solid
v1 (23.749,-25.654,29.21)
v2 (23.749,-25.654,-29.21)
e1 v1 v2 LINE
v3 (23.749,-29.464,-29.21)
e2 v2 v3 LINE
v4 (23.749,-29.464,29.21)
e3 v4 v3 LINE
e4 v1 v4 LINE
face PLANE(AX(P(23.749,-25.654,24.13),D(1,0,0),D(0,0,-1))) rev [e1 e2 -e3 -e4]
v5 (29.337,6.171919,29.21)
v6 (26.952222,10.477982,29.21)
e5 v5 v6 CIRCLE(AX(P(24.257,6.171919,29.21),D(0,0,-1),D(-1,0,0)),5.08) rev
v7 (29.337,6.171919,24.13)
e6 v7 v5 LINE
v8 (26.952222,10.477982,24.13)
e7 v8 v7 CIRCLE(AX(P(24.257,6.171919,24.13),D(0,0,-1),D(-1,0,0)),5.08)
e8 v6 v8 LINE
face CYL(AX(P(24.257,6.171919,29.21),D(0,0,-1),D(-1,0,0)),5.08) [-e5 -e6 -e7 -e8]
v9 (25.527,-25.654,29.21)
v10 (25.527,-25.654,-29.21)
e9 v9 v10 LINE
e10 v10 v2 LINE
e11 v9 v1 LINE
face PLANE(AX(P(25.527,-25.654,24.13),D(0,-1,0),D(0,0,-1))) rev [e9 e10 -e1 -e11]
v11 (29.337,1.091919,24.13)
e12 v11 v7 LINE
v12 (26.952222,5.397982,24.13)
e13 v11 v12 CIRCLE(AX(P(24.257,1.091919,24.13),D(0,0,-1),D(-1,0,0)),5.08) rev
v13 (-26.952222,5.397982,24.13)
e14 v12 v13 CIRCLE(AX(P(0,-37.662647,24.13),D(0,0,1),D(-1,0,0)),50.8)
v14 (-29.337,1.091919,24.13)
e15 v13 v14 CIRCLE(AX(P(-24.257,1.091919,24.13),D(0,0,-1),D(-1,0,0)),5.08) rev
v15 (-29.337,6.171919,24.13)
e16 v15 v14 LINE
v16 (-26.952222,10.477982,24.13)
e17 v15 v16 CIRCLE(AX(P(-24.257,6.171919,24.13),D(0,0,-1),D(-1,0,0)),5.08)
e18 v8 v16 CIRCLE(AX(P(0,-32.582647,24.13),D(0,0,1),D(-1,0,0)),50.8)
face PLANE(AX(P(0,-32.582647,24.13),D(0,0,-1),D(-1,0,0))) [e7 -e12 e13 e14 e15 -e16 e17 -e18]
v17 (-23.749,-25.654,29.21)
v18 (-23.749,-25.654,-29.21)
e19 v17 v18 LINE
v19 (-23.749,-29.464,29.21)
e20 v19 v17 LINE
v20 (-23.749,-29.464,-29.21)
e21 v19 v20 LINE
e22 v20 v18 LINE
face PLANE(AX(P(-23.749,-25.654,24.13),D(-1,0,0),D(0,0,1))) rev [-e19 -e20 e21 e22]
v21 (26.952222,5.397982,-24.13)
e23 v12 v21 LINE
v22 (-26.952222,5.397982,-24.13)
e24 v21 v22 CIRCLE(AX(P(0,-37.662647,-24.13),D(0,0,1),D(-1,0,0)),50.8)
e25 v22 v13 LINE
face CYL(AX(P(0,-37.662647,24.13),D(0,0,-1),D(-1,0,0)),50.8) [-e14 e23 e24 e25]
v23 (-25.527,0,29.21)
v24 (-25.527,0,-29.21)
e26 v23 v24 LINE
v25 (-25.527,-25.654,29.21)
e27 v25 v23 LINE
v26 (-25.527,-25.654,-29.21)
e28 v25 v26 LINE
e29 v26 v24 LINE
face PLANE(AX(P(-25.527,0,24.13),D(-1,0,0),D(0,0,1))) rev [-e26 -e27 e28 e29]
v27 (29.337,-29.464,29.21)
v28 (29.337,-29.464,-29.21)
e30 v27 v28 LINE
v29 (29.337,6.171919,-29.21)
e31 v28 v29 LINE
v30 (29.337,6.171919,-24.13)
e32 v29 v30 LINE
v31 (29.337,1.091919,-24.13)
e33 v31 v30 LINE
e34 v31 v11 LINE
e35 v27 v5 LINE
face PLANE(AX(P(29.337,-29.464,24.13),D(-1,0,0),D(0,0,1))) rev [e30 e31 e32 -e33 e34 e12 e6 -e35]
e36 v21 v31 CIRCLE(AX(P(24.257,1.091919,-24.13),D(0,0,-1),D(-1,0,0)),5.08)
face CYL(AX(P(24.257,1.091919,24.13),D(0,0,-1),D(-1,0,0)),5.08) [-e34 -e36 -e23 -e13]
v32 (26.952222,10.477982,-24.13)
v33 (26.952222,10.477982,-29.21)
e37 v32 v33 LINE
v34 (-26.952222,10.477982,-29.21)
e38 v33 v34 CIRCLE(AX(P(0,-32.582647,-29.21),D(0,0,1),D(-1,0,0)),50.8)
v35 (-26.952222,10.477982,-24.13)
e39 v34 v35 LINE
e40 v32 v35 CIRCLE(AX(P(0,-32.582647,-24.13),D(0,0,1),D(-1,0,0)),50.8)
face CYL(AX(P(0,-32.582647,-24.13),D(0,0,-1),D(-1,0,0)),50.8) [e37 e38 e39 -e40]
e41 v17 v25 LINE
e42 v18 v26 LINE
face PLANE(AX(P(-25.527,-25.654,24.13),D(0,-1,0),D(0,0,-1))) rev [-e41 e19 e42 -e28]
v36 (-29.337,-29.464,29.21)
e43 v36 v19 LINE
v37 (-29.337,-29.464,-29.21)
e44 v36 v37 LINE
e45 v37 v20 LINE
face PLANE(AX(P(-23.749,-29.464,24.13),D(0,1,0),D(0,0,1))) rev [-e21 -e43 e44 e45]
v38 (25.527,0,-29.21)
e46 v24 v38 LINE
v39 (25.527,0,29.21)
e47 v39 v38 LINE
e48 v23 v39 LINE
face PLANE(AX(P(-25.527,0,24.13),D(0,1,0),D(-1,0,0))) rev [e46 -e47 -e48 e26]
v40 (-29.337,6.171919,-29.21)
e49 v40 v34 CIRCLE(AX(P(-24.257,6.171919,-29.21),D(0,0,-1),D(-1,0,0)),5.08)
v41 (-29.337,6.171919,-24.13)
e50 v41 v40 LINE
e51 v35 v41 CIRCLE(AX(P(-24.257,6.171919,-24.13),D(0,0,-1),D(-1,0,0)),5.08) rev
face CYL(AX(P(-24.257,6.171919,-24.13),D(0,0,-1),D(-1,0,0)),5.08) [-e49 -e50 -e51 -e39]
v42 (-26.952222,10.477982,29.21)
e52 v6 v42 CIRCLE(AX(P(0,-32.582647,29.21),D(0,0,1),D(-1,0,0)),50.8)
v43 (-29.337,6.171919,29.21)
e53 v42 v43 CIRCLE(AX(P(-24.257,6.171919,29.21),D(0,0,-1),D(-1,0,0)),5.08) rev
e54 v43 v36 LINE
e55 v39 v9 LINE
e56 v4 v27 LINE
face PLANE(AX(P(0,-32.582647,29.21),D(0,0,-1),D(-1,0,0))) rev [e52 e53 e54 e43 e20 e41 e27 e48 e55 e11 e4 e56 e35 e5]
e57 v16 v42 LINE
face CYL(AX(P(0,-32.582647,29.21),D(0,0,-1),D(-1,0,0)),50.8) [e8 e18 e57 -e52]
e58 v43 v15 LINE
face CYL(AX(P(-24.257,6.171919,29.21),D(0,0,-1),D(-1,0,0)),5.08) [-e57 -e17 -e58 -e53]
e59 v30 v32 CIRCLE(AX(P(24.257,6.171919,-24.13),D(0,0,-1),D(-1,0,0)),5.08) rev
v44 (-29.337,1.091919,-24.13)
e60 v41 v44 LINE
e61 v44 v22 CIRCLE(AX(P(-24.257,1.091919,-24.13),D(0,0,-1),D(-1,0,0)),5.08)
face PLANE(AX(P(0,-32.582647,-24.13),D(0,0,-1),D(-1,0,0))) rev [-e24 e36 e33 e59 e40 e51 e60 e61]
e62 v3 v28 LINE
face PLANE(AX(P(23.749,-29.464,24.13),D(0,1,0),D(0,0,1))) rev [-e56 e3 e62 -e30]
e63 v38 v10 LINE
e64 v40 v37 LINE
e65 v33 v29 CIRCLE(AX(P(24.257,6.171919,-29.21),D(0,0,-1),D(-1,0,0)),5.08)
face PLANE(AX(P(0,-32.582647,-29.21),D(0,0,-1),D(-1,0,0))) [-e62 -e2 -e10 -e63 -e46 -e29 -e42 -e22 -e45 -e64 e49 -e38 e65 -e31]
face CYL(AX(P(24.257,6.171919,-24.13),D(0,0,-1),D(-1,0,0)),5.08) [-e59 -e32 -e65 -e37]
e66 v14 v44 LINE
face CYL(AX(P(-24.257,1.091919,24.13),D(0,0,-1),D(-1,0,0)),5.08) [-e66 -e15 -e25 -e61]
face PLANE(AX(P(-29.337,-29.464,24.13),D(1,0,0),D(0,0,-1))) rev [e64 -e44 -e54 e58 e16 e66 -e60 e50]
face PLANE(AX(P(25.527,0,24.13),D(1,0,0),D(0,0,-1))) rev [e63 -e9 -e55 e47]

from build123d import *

# Parameters (mm, degrees)
BOSS_EXTRUDE1_DEPTH = 24.13
BOSS_EXTRUDE2_DEPTH = 5.08
LPATTERN1_COUNT     = 2
LPATTERN1_PITCH     = 53.34
FILLET1_R           = 5.08


with BuildPart() as part:
    # Sketch1 → Boss-Extrude1 (new, symmetric)
    with BuildSketch(Plane.XY):
        with BuildLine():
            Line((-25.527, 0), (25.527, 0))
            Line((25.527, 0), (25.527, -25.654))
            Line((25.527, -25.654), (23.749, -25.654))
            Line((23.749, -25.654), (23.749, -29.464))
            Line((23.749, -29.464), (29.337, -29.464))
            Line((29.337, -29.464), (29.337, 3.81))
            ThreePointArc((29.337, 3.81), (0, 13.137353219), (-29.337, 3.81))
            Line((-29.337, 3.81), (-29.337, -29.464))
            Line((-29.337, -29.464), (-23.749, -29.464))
            Line((-23.749, -29.464), (-23.749, -25.654))
            Line((-23.749, -25.654), (-25.527, -25.654))
            Line((-25.527, -25.654), (-25.527, 0))
        make_face()
    extrude(amount=BOSS_EXTRUDE1_DEPTH, both=True)

    # Sketch2 → Boss-Extrude2 (add)
    with BuildSketch(Plane.XY.offset(24.13)):
        with BuildLine():
            Line((29.337, -29.464), (29.337, 8.89))
            ThreePointArc((29.337, 8.89), (0, 18.217353219), (-29.337, 8.89))
            Line((-29.337, 8.89), (-29.337, -29.464))
            Line((-29.337, -29.464), (-23.749, -29.464))
            Line((-23.749, -29.464), (-23.749, -25.654))
            Line((-23.749, -25.654), (-25.527, -25.654))
            Line((-25.527, -25.654), (-25.527, 0))
            Line((-25.527, 0), (25.527, 0))
            Line((25.527, 0), (25.527, -25.654))
            Line((25.527, -25.654), (23.749, -25.654))
            Line((23.749, -25.654), (23.749, -29.464))
            Line((23.749, -29.464), (29.337, -29.464))
        make_face()
    boss_extrude2 = extrude(amount=BOSS_EXTRUDE2_DEPTH)

    # LPattern1: Boss-Extrude2 ×2
    with Locations(*[(0, 0, -i * LPATTERN1_PITCH) for i in range(1, LPATTERN1_COUNT)]):
        add(boss_extrude2)

    # Fillet1
    fillet1_edges = [part.edges().sort_by_distance(p)[0] for p in [
        (-29.337, 3.81, 0),
        (29.337, 3.81, 0),
        (29.337, 8.89, 26.67),
        (-29.337, 8.89, 26.67),
        (29.337, 8.89, -26.67),
        (-29.337, 8.89, -26.67),
    ]]
    fillet(fillet1_edges, radius=FILLET1_R)


solid = part.part
